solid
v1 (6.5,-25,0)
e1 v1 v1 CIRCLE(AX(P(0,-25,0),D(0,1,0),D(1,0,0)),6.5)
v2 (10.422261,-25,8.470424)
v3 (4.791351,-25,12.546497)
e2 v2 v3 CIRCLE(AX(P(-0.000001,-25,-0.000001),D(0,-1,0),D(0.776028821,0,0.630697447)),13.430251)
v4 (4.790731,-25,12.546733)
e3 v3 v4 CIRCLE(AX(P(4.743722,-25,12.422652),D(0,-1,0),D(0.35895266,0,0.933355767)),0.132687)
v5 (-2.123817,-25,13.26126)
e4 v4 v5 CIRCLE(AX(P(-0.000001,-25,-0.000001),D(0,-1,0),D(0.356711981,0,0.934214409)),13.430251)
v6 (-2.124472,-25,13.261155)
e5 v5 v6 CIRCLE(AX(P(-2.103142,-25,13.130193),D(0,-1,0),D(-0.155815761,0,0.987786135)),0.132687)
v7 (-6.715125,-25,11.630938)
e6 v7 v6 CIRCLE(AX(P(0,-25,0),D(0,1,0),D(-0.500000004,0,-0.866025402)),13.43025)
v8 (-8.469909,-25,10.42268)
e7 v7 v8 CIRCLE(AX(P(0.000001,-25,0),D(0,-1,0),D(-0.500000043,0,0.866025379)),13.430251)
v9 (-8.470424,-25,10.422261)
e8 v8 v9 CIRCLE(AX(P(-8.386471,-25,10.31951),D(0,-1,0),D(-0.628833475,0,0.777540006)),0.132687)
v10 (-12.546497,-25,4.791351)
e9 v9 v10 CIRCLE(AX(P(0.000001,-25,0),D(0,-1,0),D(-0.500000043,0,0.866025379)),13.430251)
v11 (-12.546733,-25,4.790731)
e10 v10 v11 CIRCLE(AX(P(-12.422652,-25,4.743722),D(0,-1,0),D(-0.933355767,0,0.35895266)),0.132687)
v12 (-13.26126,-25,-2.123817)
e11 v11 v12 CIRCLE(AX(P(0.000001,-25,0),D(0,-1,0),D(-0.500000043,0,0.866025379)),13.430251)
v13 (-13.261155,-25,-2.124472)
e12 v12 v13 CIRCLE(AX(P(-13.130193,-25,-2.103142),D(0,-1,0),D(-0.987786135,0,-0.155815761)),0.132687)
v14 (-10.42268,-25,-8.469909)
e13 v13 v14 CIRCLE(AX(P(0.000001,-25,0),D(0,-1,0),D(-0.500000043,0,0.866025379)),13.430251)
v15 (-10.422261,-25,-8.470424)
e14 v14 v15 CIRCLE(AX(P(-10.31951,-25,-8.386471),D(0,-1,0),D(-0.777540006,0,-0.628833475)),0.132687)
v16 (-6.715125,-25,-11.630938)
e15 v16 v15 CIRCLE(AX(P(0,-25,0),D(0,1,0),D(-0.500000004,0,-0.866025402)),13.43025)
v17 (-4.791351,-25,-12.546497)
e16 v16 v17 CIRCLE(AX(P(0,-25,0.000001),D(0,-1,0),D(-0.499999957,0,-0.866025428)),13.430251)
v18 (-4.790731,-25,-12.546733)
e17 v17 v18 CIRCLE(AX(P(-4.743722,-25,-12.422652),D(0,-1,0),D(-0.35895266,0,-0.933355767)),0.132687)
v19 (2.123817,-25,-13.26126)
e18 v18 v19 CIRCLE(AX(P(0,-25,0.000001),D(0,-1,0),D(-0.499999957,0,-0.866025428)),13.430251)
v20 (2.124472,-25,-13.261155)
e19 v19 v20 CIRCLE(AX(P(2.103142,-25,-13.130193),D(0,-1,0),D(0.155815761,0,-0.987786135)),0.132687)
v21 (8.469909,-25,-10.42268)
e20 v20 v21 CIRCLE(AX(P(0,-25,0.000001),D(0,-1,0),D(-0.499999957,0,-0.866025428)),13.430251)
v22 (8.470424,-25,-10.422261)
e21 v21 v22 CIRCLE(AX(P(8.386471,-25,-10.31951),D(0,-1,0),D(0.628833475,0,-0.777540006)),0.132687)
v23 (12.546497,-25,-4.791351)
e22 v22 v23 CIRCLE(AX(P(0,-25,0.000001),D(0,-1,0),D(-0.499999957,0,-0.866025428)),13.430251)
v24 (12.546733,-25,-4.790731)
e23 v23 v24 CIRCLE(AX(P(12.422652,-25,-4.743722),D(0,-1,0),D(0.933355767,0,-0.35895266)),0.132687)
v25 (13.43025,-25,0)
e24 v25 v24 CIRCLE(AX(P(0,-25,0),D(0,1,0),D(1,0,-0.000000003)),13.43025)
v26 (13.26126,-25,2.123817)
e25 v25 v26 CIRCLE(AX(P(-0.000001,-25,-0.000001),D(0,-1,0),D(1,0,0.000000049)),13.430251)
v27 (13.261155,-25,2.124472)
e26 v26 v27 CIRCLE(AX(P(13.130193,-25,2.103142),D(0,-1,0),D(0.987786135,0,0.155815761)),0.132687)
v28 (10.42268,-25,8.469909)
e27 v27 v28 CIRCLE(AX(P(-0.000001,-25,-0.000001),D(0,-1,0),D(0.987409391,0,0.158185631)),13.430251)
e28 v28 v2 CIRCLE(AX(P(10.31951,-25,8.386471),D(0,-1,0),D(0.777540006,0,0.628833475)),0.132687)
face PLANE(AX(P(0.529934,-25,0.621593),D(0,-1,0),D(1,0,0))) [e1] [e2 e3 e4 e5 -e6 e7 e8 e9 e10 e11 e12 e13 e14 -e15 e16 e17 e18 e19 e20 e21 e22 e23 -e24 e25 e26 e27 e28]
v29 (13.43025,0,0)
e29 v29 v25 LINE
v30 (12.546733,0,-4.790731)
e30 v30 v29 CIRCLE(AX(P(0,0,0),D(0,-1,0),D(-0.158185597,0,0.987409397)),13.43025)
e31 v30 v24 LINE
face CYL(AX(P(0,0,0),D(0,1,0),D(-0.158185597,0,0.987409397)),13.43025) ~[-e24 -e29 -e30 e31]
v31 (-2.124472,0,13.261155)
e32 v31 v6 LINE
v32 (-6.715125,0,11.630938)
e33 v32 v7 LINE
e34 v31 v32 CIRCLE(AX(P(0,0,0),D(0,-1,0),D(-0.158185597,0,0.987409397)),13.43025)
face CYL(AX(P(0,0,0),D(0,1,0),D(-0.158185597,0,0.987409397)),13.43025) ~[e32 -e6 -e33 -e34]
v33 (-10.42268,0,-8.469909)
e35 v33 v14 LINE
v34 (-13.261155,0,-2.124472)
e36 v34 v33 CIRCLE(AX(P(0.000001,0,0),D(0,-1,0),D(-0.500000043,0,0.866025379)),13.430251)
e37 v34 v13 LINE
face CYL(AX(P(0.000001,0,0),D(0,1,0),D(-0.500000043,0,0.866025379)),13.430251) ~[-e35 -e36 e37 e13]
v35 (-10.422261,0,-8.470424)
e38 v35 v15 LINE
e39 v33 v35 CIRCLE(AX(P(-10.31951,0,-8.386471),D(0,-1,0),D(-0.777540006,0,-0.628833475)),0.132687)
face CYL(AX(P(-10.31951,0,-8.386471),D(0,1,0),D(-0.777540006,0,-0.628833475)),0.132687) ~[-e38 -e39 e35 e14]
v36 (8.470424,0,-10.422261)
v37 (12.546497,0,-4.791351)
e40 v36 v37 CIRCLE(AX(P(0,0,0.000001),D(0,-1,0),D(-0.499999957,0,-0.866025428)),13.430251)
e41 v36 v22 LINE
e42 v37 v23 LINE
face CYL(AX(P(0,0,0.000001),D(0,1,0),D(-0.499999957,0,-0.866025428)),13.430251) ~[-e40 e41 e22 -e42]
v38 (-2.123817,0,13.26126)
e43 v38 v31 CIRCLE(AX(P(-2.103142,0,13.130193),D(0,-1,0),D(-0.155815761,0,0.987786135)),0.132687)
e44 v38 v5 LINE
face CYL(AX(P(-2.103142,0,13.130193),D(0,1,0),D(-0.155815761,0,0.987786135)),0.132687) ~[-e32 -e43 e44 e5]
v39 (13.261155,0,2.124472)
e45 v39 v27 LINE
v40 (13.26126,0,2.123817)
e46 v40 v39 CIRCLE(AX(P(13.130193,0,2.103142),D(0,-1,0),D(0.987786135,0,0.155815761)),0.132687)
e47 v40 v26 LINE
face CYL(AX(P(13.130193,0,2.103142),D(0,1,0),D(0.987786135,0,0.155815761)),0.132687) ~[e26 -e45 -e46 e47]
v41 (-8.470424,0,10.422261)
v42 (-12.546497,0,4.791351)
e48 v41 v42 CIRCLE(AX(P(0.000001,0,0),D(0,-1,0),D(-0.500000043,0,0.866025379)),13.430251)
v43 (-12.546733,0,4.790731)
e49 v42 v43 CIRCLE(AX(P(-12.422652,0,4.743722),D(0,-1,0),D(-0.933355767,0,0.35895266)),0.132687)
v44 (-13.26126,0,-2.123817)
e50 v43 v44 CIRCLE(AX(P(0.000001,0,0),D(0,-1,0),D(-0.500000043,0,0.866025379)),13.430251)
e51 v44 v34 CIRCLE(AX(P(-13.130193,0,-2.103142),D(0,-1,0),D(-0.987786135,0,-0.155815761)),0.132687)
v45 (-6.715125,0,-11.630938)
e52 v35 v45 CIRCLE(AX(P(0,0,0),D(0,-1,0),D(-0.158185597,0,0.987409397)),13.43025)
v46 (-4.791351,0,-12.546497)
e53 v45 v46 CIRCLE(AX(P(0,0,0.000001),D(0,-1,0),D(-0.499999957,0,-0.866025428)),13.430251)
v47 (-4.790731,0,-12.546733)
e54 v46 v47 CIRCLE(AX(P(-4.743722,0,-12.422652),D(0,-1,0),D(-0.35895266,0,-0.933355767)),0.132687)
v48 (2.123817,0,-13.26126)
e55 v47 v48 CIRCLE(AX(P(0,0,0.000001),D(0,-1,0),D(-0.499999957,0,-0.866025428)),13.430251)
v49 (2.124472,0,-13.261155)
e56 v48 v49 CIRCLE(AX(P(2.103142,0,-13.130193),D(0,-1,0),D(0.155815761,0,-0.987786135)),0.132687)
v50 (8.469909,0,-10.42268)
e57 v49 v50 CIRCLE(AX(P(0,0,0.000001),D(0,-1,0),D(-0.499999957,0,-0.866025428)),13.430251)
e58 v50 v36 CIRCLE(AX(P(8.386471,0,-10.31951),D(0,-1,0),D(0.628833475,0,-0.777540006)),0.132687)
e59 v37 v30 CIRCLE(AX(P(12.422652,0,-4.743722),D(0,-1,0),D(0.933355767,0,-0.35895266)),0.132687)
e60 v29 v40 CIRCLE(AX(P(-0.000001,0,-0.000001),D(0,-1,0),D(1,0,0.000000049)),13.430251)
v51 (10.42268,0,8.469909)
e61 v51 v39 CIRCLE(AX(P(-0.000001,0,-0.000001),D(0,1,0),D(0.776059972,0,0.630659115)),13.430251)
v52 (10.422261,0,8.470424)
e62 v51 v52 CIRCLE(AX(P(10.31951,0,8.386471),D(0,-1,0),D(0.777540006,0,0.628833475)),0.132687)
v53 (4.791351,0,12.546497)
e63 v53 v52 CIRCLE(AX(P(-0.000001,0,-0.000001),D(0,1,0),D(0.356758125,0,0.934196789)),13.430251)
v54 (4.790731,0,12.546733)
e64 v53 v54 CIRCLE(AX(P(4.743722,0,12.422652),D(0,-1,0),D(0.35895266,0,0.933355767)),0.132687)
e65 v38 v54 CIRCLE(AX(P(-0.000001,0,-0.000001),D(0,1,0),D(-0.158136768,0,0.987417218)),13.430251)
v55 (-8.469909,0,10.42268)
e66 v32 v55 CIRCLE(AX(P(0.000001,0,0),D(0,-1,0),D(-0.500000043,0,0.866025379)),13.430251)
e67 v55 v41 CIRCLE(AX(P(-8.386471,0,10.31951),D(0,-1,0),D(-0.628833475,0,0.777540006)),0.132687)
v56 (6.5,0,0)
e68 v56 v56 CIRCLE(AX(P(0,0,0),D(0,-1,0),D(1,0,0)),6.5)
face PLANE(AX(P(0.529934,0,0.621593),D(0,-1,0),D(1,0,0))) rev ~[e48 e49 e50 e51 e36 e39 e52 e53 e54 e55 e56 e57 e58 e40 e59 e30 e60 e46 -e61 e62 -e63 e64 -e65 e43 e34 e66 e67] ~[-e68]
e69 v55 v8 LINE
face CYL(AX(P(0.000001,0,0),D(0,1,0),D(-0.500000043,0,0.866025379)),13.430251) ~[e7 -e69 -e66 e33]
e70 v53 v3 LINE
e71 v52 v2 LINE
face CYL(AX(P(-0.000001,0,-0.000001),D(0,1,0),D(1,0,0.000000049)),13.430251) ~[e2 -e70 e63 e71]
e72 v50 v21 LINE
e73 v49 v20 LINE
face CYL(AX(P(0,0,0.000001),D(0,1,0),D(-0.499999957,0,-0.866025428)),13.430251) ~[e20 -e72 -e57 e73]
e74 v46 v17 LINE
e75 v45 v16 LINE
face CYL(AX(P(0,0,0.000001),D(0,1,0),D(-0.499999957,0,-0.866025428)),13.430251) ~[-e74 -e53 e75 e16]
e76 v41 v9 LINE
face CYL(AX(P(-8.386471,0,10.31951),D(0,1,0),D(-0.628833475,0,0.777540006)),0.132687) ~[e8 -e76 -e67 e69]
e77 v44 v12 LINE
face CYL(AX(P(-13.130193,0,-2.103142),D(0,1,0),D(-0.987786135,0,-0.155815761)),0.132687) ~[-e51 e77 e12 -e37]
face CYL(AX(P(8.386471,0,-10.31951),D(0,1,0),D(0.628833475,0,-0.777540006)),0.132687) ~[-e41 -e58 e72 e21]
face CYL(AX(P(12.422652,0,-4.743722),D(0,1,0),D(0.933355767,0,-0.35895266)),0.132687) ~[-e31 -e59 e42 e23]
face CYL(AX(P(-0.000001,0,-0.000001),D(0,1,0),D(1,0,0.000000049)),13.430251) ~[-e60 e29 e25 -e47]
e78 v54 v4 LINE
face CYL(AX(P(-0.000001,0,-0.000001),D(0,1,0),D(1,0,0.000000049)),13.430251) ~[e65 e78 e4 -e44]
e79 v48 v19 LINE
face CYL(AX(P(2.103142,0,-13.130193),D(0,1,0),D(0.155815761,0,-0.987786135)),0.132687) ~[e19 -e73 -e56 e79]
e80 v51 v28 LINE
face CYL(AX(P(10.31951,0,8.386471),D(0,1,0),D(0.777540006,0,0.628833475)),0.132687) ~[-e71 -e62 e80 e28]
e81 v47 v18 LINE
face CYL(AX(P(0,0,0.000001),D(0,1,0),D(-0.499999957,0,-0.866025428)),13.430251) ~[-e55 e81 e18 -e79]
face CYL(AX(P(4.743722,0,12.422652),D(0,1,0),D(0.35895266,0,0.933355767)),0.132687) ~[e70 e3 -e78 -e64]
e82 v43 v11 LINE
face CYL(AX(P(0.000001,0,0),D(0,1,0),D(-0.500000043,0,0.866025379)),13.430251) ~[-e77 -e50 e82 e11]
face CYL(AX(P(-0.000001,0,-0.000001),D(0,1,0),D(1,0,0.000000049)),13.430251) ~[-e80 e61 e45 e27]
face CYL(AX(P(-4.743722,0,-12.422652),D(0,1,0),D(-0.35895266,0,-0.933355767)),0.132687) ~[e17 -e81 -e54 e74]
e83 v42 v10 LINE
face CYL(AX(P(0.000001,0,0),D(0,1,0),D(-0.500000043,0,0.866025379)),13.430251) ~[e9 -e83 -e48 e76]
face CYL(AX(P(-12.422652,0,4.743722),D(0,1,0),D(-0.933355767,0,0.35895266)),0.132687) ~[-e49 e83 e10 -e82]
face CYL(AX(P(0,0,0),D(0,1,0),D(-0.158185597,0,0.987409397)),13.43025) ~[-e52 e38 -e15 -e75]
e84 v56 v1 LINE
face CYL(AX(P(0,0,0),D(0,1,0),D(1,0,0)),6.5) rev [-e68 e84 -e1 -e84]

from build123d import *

# Parameters (mm, degrees)
F0_R     = 6.5
F1_DEPTH = 25
F2_COUNT = 12


with BuildPart() as f1:
    # F0 (on Front) → F1 (new body)
    with BuildSketch(Plane.XZ):
        with BuildLine():
            ThreePointArc((-2.124472, 13.261155), (-8.713192, -10.220171), (13.43025, 0))
            ThreePointArc((13.43025, 0), (8.713444, 10.219956), (-2.123817, 13.26126))
            ThreePointArc((-2.123817, 13.26126), (-2.124144, 13.261208), (-2.124472, 13.261155))
        make_face()
        Circle(F0_R, mode=Mode.SUBTRACT)
    extrude(amount=F1_DEPTH)

    # F2: F1 ×12 about axis
    f2_axis = Axis((0, 0, 0), (0, 1, 0))


with BuildPart() as f1_1:
    add(f1.part)
    for i in range(1, F2_COUNT):
        add(f1.part.rotate(f2_axis, i * 360 / F2_COUNT))


solid = f1_1.part
